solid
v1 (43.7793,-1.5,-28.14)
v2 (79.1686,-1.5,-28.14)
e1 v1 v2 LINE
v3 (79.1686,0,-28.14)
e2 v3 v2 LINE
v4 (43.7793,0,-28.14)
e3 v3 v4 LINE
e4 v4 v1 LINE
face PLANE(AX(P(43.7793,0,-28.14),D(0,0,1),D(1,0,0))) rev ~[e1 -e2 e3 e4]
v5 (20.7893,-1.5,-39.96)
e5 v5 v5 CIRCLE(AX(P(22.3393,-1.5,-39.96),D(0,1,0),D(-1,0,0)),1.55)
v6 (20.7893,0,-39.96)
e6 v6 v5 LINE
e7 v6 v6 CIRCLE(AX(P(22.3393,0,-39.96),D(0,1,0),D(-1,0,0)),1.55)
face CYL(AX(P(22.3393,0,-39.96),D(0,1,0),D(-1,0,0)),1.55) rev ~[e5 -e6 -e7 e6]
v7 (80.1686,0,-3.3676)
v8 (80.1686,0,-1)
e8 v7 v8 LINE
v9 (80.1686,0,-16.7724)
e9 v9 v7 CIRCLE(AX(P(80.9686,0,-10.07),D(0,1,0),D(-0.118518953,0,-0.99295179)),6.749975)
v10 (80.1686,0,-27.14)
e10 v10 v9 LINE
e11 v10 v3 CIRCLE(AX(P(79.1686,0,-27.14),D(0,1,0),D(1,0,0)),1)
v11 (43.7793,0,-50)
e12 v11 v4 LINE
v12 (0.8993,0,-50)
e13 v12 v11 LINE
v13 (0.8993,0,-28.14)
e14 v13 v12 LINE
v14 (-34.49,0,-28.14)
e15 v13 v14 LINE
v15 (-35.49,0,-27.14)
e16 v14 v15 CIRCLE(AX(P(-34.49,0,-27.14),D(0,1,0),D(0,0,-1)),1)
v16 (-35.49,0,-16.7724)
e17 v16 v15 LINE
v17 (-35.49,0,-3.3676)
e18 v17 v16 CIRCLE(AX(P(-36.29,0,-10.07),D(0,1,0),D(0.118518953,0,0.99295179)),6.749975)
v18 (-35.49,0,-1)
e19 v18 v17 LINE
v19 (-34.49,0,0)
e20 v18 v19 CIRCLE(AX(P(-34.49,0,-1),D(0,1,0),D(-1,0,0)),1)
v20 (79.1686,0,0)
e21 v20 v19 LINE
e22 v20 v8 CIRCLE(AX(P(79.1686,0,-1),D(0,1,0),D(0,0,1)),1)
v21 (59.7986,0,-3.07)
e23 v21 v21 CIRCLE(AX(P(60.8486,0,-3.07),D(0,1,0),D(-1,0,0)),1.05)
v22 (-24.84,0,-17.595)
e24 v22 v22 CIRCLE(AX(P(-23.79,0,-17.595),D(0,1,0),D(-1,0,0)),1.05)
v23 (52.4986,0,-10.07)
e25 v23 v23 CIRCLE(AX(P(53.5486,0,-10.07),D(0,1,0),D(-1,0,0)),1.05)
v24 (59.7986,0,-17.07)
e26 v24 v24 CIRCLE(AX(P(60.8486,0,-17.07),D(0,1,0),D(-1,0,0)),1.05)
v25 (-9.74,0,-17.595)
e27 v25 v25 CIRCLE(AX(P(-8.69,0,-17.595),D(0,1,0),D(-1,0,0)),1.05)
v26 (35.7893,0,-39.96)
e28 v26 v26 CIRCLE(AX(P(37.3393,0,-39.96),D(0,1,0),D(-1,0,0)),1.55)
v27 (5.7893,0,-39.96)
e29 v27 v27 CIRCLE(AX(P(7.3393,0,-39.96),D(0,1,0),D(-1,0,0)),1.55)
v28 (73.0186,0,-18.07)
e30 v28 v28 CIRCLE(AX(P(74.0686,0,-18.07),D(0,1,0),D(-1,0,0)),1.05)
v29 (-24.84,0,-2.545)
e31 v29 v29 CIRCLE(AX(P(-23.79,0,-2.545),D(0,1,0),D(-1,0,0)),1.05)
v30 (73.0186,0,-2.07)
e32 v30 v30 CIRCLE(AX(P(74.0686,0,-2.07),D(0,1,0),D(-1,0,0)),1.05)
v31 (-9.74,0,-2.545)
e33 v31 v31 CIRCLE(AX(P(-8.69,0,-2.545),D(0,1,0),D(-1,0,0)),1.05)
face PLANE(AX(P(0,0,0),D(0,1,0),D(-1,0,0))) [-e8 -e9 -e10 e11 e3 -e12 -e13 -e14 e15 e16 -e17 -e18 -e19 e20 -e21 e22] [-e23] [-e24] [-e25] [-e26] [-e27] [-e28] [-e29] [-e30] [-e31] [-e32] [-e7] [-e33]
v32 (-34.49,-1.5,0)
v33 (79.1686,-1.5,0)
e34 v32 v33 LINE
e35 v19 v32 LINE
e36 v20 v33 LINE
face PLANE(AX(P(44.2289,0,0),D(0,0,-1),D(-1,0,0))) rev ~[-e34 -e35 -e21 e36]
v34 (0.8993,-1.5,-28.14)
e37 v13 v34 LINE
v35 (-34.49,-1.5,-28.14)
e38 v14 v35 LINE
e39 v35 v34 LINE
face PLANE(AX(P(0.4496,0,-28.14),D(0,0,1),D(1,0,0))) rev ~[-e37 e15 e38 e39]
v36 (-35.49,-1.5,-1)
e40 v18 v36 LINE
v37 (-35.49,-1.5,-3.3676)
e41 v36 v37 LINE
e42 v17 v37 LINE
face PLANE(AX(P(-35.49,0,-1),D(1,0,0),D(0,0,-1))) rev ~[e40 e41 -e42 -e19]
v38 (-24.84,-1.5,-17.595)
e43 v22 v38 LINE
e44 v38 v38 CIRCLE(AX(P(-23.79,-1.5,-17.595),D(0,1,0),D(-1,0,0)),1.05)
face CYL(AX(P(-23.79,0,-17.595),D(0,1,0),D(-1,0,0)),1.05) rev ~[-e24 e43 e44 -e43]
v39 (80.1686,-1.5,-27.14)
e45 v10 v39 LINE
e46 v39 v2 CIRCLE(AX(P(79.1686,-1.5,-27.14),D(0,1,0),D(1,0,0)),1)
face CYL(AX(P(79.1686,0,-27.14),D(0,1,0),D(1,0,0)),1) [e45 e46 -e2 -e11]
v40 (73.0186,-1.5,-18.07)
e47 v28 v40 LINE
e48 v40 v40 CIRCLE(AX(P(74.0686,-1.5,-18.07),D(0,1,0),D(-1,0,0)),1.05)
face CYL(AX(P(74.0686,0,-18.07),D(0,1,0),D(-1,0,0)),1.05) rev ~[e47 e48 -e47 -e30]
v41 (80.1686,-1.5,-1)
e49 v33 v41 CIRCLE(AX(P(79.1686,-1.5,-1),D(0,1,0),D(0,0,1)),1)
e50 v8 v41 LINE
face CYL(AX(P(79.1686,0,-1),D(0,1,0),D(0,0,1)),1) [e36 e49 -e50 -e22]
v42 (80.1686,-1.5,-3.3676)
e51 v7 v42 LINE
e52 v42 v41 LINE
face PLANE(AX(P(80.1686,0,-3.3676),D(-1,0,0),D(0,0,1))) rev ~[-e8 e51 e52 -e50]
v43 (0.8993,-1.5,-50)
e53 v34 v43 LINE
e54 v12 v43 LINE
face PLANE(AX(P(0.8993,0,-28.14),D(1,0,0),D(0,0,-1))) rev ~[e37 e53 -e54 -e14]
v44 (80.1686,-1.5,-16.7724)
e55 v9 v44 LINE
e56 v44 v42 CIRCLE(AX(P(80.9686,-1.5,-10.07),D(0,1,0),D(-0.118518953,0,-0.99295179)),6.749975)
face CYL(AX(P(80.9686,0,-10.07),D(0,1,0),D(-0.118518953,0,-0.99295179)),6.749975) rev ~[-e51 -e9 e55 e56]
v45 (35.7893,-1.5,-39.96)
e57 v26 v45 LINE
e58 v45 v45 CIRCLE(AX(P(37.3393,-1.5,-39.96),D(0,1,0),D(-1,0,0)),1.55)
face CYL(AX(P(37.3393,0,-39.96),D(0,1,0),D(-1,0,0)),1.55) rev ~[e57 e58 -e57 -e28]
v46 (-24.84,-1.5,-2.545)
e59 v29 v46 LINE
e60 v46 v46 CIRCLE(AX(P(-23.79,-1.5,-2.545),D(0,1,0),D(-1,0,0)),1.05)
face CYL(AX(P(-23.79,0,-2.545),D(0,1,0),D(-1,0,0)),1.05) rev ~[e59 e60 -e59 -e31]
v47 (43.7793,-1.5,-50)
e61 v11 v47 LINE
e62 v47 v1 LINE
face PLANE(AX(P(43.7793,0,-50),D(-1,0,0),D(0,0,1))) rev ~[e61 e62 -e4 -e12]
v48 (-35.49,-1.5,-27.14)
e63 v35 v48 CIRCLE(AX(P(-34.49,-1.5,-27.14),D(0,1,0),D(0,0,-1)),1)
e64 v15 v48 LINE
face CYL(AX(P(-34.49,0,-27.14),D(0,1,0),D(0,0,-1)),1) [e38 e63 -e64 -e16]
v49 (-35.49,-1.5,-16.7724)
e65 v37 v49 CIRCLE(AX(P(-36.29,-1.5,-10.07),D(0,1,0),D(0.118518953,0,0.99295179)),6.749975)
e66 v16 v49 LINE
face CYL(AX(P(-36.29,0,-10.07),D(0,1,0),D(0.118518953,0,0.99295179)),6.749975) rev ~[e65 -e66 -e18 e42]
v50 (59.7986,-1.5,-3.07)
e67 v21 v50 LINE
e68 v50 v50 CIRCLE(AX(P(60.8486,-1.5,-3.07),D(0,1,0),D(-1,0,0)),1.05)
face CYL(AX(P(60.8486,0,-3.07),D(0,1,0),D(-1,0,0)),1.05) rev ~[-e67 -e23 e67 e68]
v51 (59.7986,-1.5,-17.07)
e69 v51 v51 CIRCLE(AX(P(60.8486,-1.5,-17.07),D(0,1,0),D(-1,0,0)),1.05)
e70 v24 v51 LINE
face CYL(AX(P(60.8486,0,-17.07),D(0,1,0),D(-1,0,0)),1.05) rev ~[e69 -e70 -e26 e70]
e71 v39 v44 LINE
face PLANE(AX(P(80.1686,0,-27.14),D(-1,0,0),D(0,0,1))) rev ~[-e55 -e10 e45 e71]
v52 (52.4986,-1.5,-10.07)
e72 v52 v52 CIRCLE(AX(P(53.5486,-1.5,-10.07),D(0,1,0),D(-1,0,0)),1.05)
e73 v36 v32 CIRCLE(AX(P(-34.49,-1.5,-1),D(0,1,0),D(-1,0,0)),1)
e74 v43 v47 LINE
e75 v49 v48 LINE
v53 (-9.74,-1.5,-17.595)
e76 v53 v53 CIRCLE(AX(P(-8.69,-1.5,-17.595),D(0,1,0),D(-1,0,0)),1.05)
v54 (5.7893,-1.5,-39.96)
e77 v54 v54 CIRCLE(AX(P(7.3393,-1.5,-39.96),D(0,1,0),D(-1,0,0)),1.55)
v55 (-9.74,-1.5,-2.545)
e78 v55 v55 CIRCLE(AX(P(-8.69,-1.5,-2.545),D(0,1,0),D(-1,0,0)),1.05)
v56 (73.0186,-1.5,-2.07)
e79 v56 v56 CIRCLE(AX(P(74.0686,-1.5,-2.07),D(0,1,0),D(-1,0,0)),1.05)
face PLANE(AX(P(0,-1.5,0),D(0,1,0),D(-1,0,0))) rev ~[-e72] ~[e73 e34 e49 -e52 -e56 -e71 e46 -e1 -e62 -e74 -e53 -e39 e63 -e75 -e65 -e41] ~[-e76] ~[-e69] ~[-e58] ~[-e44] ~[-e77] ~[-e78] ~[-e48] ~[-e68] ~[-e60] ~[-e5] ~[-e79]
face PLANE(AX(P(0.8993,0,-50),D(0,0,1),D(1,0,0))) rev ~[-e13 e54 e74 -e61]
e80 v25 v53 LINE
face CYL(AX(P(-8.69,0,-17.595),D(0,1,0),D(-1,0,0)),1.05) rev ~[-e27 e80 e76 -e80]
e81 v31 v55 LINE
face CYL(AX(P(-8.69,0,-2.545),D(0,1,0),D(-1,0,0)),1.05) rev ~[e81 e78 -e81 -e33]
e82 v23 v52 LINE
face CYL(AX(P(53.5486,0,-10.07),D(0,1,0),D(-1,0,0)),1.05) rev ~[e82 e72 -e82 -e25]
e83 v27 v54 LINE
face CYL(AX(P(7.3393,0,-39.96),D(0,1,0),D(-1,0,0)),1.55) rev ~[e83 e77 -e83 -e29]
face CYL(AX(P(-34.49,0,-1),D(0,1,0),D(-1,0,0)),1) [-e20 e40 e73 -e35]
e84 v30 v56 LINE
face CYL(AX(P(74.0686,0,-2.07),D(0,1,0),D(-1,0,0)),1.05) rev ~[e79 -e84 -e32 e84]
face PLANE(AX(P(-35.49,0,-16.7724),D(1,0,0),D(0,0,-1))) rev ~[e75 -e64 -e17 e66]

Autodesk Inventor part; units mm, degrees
ref_plane "YZ Plane" through (0, 0, 0) normal (1, 0, 0) x (0, 1, 0)
ref_plane "XZ Plane" through (0, 0, 0) normal (0, 1, 0) x (-1, 0, 0)
ref_plane "XY Plane" through (0, 0, 0) normal (0, 0, 1) x (1, 0, 0)
sketch "Sketch1" plane through (0, 0, 0) normal (0, 1, 0) x (-1, 0, 0)
  line L0 (-44.2289, 0) -> (-44.2289, -28.14)
  line L1 (-0.4496, -28.14) -> (-0.4496, 0)
  circle A0 centre (23.79, -17.595) radius 1.05
  circle A1 centre (23.79, -2.545) radius 1.05
  circle A2 centre (8.69, -17.595) radius 1.05
  circle A3 centre (8.69, -2.545) radius 1.05
  circle A4 centre (-53.5486, -10.07) radius 1.05
  circle A5 centre (-60.8486, -17.07) radius 1.05
  circle A6 centre (-60.8486, -3.07) radius 1.05
  circle A7 centre (-74.0686, -18.07) radius 1.05
  circle A8 centre (-74.0686, -2.07) radius 1.05
  circle A9 centre (-37.3393, -39.96) radius 1.55
  circle A10 centre (-22.3393, -39.96) radius 1.55
  circle A11 centre (-7.3393, -39.96) radius 1.55
  arc A12 (35.49, -3.3676) -> (35.49, -16.7724) centre (36.29, -10.07) ccw
  line L2 (35.49, -1) -> (35.49, -3.3676)
  arc A13 (-80.1686, -16.7724) -> (-80.1686, -3.3676) centre (-80.9686, -10.07) ccw
  line L3 (-80.1686, -27.14) -> (-80.1686, -16.7724)
  arc A14 (-80.1686, -27.14) -> (-79.1686, -28.14) centre (-79.1686, -27.14) ccw
  line L4 (-43.7793, -28.14) -> (-79.1686, -28.14)
  line L5 (-43.7793, -50) -> (-43.7793, -28.14)
  line L6 (-0.8993, -50) -> (-43.7793, -50)
  line L7 (-0.8993, -28.14) -> (-0.8993, -50)
  line L8 (34.49, -28.14) -> (-0.8993, -28.14)
  arc A15 (34.49, -28.14) -> (35.49, -27.14) centre (34.49, -27.14) ccw
  line L9 (35.49, -16.7724) -> (35.49, -27.14)
  arc A16 (35.49, -1) -> (34.49, 0) centre (34.49, -1) ccw
  line L10 (-79.1686, 0) -> (34.49, 0)
  arc A17 (-79.1686, 0) -> (-80.1686, -1) centre (-79.1686, -1) ccw
  line L11 (-80.1686, -3.3676) -> (-80.1686, -1)
  line L12 (-44.6786, -28.14) -> (-44.6786, 0)
  line L13 (-43.7793, 0) -> (-43.7793, -28.14)
  line L14 (-0.8993, -28.14) -> (-0.8993, 0)
  line L15 (0, 0) -> (0, -28.14)
extrude "Extrusion1" add sketch "Sketch1" against normal blind 1.5
properties part number "axis_22_top_frame"
